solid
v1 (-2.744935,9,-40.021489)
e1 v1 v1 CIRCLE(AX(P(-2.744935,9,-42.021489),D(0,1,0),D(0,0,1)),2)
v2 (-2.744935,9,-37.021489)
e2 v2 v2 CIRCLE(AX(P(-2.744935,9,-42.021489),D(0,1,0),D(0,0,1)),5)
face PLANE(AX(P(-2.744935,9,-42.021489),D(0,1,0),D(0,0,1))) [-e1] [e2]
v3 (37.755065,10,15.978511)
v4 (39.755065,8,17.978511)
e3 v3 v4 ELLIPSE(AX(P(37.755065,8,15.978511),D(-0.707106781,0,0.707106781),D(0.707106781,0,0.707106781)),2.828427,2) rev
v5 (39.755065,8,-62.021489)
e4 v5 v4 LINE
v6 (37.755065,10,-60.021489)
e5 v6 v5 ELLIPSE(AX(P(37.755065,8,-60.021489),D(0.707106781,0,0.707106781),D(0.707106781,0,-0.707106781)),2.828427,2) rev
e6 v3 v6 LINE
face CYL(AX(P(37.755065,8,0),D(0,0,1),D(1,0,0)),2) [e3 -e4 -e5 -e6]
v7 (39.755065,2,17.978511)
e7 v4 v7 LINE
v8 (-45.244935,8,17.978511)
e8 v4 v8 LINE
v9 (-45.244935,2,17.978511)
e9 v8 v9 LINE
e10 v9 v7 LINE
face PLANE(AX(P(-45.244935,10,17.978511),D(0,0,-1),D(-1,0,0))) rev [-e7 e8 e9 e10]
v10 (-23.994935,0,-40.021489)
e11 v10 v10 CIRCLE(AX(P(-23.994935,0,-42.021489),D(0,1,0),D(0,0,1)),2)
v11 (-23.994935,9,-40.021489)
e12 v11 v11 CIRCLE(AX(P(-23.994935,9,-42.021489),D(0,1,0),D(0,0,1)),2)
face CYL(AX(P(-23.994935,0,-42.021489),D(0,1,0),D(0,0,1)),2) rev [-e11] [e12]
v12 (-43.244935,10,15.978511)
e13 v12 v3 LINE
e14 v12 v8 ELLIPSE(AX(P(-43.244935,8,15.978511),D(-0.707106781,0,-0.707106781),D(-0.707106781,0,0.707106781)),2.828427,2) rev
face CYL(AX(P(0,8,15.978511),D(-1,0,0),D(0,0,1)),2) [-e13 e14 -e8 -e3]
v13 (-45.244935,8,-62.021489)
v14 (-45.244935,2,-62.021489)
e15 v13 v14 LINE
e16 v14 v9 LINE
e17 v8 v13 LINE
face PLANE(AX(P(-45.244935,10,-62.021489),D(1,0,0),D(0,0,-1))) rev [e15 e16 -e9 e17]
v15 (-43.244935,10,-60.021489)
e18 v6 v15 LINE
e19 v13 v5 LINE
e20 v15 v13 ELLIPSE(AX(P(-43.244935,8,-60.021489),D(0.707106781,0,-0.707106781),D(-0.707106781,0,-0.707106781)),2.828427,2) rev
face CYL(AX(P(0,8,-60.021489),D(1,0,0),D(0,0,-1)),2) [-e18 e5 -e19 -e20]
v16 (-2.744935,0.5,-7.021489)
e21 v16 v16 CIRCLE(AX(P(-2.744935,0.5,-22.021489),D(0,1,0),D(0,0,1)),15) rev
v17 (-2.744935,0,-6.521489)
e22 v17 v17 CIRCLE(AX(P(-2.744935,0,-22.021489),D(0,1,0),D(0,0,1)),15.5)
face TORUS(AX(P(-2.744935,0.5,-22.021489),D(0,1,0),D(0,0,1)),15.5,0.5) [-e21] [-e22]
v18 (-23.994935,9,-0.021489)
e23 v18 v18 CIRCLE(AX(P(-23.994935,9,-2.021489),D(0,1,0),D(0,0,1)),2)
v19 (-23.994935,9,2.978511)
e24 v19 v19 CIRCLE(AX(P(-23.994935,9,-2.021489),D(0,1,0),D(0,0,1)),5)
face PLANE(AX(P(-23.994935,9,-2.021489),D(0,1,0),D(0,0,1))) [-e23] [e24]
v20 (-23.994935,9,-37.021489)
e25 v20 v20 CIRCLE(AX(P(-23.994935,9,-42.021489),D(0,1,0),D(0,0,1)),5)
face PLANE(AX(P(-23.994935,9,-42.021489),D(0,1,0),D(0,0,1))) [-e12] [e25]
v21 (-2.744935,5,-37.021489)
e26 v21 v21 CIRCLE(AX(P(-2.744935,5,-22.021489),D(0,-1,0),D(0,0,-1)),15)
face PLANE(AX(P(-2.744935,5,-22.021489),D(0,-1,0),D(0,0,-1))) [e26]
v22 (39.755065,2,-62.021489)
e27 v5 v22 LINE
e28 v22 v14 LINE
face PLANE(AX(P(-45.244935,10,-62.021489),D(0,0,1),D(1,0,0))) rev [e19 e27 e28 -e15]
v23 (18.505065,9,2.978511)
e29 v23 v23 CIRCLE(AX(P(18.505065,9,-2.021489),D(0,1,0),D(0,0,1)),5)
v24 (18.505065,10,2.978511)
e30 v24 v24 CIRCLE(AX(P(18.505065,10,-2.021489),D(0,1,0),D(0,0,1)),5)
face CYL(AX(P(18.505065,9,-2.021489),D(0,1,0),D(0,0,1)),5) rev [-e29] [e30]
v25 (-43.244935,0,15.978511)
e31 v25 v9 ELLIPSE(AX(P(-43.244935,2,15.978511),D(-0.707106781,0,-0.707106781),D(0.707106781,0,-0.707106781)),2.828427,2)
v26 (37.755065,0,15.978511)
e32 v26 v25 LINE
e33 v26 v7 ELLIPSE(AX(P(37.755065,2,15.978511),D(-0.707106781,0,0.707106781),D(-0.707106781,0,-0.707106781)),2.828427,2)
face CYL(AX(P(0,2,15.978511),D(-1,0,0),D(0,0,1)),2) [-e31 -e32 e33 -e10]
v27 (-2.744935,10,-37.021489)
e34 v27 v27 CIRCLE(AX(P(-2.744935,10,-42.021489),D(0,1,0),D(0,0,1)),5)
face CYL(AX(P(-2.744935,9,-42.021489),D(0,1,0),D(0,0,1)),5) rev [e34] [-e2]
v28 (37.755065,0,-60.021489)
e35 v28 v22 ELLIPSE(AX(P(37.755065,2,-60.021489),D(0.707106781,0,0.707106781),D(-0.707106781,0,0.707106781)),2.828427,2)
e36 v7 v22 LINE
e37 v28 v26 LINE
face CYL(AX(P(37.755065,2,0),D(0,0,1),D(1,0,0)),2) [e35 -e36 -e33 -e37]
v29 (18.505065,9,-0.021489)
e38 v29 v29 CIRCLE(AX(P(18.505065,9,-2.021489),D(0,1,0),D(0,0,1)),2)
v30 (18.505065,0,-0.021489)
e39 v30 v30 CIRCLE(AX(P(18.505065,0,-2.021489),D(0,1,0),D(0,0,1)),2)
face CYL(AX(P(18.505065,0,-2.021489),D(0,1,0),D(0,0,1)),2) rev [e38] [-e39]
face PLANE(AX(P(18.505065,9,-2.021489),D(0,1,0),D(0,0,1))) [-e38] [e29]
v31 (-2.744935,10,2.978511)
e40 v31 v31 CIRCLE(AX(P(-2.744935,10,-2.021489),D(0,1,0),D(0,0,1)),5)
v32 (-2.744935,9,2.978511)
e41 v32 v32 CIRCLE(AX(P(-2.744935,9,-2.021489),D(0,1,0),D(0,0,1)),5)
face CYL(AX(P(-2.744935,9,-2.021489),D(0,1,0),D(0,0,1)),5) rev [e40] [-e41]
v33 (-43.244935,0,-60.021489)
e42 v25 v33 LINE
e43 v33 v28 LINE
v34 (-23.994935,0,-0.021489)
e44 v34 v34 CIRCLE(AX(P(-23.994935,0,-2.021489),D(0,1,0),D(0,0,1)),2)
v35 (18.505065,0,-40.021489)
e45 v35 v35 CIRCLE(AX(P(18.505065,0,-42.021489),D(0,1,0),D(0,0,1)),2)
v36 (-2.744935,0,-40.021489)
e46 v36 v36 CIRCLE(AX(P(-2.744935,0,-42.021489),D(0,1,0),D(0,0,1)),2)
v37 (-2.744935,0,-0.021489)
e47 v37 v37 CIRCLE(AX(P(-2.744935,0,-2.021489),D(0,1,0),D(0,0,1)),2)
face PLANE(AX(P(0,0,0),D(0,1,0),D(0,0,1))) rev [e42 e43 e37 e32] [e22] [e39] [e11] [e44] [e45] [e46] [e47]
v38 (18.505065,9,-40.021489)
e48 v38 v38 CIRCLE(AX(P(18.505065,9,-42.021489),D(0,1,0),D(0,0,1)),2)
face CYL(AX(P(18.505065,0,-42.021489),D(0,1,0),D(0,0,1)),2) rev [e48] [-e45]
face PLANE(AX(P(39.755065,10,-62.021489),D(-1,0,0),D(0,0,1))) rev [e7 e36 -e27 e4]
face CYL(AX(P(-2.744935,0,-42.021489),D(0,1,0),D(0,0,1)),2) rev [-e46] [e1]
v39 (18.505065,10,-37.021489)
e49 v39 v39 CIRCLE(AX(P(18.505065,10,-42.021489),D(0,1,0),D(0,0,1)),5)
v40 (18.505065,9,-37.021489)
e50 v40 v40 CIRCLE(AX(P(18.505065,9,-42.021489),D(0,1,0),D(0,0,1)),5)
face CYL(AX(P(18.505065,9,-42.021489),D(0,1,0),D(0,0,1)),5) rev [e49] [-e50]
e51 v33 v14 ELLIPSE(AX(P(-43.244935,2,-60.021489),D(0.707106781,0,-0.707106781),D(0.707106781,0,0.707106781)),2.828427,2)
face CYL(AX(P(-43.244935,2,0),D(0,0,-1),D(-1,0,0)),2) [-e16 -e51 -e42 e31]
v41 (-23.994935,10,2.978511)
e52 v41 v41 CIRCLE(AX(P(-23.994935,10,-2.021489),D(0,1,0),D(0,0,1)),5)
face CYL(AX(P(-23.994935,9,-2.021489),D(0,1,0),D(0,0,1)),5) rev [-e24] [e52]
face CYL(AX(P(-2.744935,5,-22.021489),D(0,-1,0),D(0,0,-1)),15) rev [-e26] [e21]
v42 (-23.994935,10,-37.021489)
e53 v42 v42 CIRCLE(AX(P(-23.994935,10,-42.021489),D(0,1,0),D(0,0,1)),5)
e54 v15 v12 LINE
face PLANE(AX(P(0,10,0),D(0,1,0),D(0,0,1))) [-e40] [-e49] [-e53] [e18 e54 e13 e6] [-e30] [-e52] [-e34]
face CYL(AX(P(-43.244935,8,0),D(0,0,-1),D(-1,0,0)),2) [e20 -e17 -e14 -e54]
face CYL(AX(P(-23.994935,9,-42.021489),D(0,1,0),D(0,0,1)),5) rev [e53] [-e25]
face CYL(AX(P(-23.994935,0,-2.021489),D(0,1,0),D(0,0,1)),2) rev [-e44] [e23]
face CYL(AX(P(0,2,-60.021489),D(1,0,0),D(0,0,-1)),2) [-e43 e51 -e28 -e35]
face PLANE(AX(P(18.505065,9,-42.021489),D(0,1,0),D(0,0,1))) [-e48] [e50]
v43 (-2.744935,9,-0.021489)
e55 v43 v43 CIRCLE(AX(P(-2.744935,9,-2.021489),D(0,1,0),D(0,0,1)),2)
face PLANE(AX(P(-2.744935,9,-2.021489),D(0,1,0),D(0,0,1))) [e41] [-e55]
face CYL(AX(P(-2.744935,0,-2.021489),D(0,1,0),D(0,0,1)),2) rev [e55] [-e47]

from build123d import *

# Parameters (mm, degrees)
SKETCH_1_W          = 85
SKETCH_1_H          = 80
EXTRUDE_1_DEPTH     = 10
SKETCH_2_R          = 5
SKETCH_2_R_2        = 2
CUT_EXTRUDE_1_DEPTH = 1
SKETCH_2_2_R        = 2
CUT_EXTRUDE_2_DEPTH = 78.419437026
SKETCH_3_R          = 15
CUT_EXTRUDE_3_DEPTH = 5
FILLET_1_R          = 0.5
FILLET_2_R          = 2
FILLET_3_R          = 2


with BuildPart() as part:
    # 草图1 → 凸台-拉伸1 (new body)
    with BuildSketch(Plane(origin=(0, 0, 0), x_dir=(1, 0, 0), z_dir=(0, 1, 0))):
        with Locations((-2.744934646, 22.021489166)):
            Rectangle(SKETCH_1_W, SKETCH_1_H)
    extrude(amount=EXTRUDE_1_DEPTH)

    # 草图2 → 切除-拉伸1 (cut)
    # profile 1 of 6: a face of its own
    with BuildSketch(Plane(origin=(0, 10, 0), x_dir=(1, 0, 0), z_dir=(0, 1, 0))):
        with Locations(Location((-2.744934646, 42.021489166, 0), (0, 0, 270))):
            Circle(SKETCH_2_R)
        with Locations(Location((-2.744934646, 42.021489166, 0), (0, 0, 270))):
            Circle(SKETCH_2_R_2, mode=Mode.SUBTRACT)
    # profile 2 of 6: a face of its own
    with BuildSketch(Plane(origin=(0, 10, 0), x_dir=(1, 0, 0), z_dir=(0, 1, 0))):
        with Locations(Location((-2.744934646, 2.021489166, 0), (0, 0, 270))):
            Circle(SKETCH_2_R)
        with Locations(Location((-2.744934646, 2.021489166, 0), (0, 0, 270))):
            Circle(SKETCH_2_R_2, mode=Mode.SUBTRACT)
    # profile 3 of 6: a face of its own
    with BuildSketch(Plane(origin=(0, 10, 0), x_dir=(1, 0, 0), z_dir=(0, 1, 0))):
        with Locations(Location((-23.994934646, 2.021489166, 0), (0, 0, 270))):
            Circle(SKETCH_2_R)
        with Locations(Location((-23.994934646, 2.021489166, 0), (0, 0, 270))):
            Circle(SKETCH_2_R_2, mode=Mode.SUBTRACT)
    # profile 4 of 6: a face of its own
    with BuildSketch(Plane(origin=(0, 10, 0), x_dir=(1, 0, 0), z_dir=(0, 1, 0))):
        with Locations(Location((18.505065354, 2.021489166, 0), (0, 0, 270))):
            Circle(SKETCH_2_R)
        with Locations(Location((18.505065354, 2.021489166, 0), (0, 0, 270))):
            Circle(SKETCH_2_R_2, mode=Mode.SUBTRACT)
    # profile 5 of 6: a face of its own
    with BuildSketch(Plane(origin=(0, 10, 0), x_dir=(1, 0, 0), z_dir=(0, 1, 0))):
        with Locations(Location((18.505065354, 42.021489166, 0), (0, 0, 270))):
            Circle(SKETCH_2_R)
        with Locations(Location((18.505065354, 42.021489166, 0), (0, 0, 270))):
            Circle(SKETCH_2_R_2, mode=Mode.SUBTRACT)
    # profile 6 of 6: a face of its own
    with BuildSketch(Plane(origin=(0, 10, 0), x_dir=(1, 0, 0), z_dir=(0, 1, 0))):
        with Locations(Location((-23.994934646, 42.021489166, 0), (0, 0, 270))):
            Circle(SKETCH_2_R)
        with Locations(Location((-23.994934646, 42.021489166, 0), (0, 0, 270))):
            Circle(SKETCH_2_R_2, mode=Mode.SUBTRACT)
    extrude(amount=-CUT_EXTRUDE_1_DEPTH, mode=Mode.SUBTRACT)

    # 草图2<2> → 切除-拉伸2 (cut, through all)
    with BuildSketch(Plane(origin=(0, 10, 0), x_dir=(1, 0, 0), z_dir=(0, 1, 0))):
        with Locations(Location((18.505065354, 42.021489166, 0), (0, 0, 270))):
            Circle(SKETCH_2_2_R)
        with Locations(Location((-2.744934646, 42.021489166, 0), (0, 0, 270))):
            Circle(SKETCH_2_2_R)
        with Locations(Location((-23.994934646, 42.021489166, 0), (0, 0, 270))):
            Circle(SKETCH_2_2_R)
        with Locations(Location((-23.994934646, 2.021489166, 0), (0, 0, 270))):
            Circle(SKETCH_2_2_R)
        with Locations(Location((-2.744934646, 2.021489166, 0), (0, 0, 270))):
            Circle(SKETCH_2_2_R)
        with Locations(Location((18.505065354, 2.021489166, 0), (0, 0, 270))):
            Circle(SKETCH_2_2_R)
    extrude(amount=-CUT_EXTRUDE_2_DEPTH, mode=Mode.SUBTRACT)

    # 草图3 → 切除-拉伸3 (cut)
    with BuildSketch(Plane(origin=(0, 0, 0), x_dir=(-1, 0, 0), z_dir=(0, -1, 0))):
        with Locations(Location((2.744934646, 22.021489166, 0), (0, 0, 90))):
            Circle(SKETCH_3_R)
    extrude(amount=-CUT_EXTRUDE_3_DEPTH, mode=Mode.SUBTRACT)

    # 圆角1
    fillet_1_edges = [part.edges().sort_by_distance(p)[0] for p in [
        (-2.744934646, 0, -7.021489166),
    ]]
    fillet(fillet_1_edges, radius=FILLET_1_R)

    # 圆角2
    fillet_2_edges = [part.edges().sort_by_distance(p)[0] for p in [
        (-2.744934646, 0, -62.021489166),
        (39.755065354, 0, -22.021489166),
        (-2.744934646, 0, 17.978510834),
        (-45.244934646, 0, -22.021489166),
    ]]
    fillet(fillet_2_edges, radius=FILLET_2_R)

    # 圆角3
    fillet_3_edges = [part.edges().sort_by_distance(p)[0] for p in [
        (39.755065354, 10, -22.021489166),
        (-2.744934646, 10, -62.021489166),
        (-45.244934646, 10, -22.021489166),
        (-2.744934646, 10, 17.978510834),
    ]]
    fillet(fillet_3_edges, radius=FILLET_3_R)


solid = part.part
